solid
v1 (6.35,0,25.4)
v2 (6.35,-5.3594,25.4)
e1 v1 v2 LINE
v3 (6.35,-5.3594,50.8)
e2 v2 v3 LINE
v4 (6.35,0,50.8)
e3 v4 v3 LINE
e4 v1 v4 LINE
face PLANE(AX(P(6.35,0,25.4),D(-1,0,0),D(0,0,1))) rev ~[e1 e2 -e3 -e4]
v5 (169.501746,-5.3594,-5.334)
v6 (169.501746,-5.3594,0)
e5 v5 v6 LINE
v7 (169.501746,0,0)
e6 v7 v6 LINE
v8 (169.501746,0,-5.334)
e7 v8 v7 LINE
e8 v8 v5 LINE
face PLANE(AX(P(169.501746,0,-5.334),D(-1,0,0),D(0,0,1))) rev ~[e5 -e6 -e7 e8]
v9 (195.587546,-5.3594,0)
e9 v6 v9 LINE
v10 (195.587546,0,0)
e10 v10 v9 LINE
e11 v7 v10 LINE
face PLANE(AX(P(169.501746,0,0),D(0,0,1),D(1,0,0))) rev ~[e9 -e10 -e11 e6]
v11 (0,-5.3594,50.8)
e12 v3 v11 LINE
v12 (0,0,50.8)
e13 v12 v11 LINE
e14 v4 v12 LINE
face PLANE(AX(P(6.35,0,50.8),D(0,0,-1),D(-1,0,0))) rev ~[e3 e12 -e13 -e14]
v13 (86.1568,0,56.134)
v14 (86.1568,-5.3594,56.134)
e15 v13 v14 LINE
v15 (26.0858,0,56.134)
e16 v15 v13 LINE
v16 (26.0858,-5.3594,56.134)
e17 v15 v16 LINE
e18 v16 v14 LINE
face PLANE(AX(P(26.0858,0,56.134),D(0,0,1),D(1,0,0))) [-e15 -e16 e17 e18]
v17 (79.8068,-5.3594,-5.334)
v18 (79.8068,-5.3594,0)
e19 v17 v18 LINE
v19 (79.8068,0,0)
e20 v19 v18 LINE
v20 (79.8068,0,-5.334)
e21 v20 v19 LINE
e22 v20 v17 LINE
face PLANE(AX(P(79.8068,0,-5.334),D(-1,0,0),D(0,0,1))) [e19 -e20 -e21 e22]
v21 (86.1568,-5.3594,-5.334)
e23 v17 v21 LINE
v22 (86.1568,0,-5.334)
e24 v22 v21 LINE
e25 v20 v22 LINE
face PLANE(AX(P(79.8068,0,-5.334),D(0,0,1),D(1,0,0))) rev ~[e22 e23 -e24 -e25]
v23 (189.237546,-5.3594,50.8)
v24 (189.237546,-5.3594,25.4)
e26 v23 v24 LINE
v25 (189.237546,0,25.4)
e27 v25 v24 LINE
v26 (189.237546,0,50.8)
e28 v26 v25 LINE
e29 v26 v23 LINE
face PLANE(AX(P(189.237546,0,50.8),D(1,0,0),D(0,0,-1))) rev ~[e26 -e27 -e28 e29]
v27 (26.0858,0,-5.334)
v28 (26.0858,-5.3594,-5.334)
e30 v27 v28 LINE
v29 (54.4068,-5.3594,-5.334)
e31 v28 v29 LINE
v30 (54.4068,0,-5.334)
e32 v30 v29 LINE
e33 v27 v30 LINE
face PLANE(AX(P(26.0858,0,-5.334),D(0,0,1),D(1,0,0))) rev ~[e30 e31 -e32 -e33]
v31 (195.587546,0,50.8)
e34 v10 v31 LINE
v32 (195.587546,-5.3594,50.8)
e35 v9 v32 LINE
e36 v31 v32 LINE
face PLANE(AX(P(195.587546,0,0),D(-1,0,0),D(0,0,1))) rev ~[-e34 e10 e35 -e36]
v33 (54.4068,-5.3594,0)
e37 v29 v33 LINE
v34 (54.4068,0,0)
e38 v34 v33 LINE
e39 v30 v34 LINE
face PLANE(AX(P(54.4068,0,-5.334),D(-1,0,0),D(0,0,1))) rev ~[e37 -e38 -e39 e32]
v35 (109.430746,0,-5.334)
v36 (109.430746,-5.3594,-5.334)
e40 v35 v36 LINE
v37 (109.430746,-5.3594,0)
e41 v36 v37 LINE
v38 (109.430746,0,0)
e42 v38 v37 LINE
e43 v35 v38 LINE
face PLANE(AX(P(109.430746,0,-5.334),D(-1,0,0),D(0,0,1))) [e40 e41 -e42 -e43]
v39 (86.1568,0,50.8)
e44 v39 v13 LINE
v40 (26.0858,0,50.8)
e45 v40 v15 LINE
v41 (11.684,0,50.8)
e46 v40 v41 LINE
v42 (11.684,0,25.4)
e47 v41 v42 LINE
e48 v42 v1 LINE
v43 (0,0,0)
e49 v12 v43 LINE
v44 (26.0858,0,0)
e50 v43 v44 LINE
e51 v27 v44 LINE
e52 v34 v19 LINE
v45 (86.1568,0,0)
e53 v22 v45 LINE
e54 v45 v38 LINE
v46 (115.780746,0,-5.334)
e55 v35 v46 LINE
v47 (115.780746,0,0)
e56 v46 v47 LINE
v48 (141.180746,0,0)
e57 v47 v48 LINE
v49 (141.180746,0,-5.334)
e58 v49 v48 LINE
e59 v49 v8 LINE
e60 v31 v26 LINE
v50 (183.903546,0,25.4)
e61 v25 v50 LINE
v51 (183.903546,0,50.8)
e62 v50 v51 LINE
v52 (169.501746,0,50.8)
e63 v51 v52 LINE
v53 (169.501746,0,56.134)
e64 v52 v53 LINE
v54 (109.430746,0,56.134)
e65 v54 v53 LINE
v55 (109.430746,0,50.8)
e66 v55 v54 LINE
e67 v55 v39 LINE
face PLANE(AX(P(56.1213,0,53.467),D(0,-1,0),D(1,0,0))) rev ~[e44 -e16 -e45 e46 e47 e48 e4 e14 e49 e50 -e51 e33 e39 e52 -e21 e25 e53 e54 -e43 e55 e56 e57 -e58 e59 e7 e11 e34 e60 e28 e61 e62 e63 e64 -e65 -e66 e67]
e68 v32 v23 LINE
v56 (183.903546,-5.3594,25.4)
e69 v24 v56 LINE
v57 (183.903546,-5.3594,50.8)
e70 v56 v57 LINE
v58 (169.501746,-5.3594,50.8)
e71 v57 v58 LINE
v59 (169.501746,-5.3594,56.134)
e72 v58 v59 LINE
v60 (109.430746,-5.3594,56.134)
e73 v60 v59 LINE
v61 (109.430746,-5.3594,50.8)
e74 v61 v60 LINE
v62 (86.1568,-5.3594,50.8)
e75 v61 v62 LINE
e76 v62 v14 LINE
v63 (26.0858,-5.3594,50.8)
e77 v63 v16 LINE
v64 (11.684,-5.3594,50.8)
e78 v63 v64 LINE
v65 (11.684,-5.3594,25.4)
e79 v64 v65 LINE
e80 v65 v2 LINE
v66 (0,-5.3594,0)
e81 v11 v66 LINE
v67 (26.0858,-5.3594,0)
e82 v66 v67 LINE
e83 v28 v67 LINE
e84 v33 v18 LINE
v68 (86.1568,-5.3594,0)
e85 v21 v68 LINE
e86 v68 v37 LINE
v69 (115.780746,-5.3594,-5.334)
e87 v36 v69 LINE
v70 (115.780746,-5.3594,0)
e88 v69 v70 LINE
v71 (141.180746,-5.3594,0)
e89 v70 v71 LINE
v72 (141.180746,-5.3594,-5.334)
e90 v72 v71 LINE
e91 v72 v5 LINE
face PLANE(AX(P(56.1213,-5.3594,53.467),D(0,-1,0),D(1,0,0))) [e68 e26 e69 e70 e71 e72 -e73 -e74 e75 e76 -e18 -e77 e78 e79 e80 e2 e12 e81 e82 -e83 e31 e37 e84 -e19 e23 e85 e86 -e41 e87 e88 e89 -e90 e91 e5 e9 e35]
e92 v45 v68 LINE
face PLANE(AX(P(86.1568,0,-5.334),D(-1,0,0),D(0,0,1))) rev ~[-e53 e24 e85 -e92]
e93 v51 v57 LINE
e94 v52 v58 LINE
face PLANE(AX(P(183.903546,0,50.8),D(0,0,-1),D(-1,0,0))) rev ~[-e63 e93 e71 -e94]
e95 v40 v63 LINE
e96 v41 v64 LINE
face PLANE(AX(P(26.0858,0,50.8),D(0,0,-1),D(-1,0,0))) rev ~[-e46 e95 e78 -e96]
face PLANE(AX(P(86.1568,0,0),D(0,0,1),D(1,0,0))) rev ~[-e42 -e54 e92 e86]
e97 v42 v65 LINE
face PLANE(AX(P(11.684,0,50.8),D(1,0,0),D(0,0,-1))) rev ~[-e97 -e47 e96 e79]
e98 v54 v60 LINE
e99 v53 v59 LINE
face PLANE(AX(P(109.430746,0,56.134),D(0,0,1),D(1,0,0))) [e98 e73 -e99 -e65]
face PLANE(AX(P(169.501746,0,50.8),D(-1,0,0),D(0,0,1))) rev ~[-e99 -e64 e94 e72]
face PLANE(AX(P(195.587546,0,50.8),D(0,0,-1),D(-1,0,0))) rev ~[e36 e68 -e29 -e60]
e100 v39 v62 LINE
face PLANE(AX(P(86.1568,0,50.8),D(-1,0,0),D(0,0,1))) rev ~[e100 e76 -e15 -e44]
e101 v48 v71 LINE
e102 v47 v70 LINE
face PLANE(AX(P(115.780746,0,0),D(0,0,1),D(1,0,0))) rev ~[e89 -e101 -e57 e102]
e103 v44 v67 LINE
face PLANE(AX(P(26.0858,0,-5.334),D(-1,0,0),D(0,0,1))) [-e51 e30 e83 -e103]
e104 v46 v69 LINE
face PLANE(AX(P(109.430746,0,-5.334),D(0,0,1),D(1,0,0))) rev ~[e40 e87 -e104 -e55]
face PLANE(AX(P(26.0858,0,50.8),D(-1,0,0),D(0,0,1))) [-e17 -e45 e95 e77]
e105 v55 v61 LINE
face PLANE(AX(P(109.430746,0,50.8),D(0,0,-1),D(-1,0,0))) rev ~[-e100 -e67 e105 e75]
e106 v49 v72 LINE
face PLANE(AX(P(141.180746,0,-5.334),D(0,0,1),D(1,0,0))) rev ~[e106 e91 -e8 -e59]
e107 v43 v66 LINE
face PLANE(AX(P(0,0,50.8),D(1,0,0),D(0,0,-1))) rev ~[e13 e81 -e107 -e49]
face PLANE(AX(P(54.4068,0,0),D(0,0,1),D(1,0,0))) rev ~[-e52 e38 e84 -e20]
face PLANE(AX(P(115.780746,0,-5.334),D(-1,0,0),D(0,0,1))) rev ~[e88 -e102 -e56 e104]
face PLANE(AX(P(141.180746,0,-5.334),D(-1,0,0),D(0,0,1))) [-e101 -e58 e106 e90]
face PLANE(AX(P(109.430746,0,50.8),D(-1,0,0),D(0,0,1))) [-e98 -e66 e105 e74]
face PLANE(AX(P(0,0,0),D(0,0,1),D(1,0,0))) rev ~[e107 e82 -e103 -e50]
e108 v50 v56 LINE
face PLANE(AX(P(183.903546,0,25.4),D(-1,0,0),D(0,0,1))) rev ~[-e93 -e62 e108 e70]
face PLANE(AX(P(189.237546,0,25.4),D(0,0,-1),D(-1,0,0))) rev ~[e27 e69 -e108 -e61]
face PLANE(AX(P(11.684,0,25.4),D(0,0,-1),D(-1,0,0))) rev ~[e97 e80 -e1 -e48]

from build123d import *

# Parameters (mm, degrees)
F0_W     = 60.071
F0_H     = 5.334
F0_W_2   = 28.321
F0_W_3   = 6.35
F1_DEPTH = 5.3594


with BuildPart() as f1:
    # F0 (on Front) → F1 (new body)
    with BuildSketch(Plane.XZ):
        with Locations((56.1213, 53.467)):
            Rectangle(F0_W, F0_H)
        with Locations((139.466246, 53.467)):
            Rectangle(F0_W, F0_H)
        Polygon((0, 50.8), (0, 0), (26.0858, 0), (54.4068, 0), (79.8068, 0), (86.1568, 0), (109.430746, 0), (115.780746, 0), (141.180746, 0), (169.501746, 0), (195.587546, 0), (195.587546, 50.8), (189.237546, 50.8), (189.237546, 25.4), (183.903546, 25.4), (183.903546, 50.8), (169.501746, 50.8), (109.430746, 50.8), (86.1568, 50.8), (26.0858, 50.8), (11.684, 50.8), (11.684, 25.4), (6.35, 25.4), (6.35, 50.8), align=None)
        with Locations((40.2463, -2.667)):
            Rectangle(F0_W_2, F0_H)
        with Locations((82.9818, -2.667)):
            Rectangle(F0_W_3, F0_H)
        with Locations((112.605746, -2.667)):
            Rectangle(F0_W_3, F0_H)
        with Locations((155.341246, -2.667)):
            Rectangle(F0_W_2, F0_H)
    extrude(amount=F1_DEPTH)


solid = f1.part
